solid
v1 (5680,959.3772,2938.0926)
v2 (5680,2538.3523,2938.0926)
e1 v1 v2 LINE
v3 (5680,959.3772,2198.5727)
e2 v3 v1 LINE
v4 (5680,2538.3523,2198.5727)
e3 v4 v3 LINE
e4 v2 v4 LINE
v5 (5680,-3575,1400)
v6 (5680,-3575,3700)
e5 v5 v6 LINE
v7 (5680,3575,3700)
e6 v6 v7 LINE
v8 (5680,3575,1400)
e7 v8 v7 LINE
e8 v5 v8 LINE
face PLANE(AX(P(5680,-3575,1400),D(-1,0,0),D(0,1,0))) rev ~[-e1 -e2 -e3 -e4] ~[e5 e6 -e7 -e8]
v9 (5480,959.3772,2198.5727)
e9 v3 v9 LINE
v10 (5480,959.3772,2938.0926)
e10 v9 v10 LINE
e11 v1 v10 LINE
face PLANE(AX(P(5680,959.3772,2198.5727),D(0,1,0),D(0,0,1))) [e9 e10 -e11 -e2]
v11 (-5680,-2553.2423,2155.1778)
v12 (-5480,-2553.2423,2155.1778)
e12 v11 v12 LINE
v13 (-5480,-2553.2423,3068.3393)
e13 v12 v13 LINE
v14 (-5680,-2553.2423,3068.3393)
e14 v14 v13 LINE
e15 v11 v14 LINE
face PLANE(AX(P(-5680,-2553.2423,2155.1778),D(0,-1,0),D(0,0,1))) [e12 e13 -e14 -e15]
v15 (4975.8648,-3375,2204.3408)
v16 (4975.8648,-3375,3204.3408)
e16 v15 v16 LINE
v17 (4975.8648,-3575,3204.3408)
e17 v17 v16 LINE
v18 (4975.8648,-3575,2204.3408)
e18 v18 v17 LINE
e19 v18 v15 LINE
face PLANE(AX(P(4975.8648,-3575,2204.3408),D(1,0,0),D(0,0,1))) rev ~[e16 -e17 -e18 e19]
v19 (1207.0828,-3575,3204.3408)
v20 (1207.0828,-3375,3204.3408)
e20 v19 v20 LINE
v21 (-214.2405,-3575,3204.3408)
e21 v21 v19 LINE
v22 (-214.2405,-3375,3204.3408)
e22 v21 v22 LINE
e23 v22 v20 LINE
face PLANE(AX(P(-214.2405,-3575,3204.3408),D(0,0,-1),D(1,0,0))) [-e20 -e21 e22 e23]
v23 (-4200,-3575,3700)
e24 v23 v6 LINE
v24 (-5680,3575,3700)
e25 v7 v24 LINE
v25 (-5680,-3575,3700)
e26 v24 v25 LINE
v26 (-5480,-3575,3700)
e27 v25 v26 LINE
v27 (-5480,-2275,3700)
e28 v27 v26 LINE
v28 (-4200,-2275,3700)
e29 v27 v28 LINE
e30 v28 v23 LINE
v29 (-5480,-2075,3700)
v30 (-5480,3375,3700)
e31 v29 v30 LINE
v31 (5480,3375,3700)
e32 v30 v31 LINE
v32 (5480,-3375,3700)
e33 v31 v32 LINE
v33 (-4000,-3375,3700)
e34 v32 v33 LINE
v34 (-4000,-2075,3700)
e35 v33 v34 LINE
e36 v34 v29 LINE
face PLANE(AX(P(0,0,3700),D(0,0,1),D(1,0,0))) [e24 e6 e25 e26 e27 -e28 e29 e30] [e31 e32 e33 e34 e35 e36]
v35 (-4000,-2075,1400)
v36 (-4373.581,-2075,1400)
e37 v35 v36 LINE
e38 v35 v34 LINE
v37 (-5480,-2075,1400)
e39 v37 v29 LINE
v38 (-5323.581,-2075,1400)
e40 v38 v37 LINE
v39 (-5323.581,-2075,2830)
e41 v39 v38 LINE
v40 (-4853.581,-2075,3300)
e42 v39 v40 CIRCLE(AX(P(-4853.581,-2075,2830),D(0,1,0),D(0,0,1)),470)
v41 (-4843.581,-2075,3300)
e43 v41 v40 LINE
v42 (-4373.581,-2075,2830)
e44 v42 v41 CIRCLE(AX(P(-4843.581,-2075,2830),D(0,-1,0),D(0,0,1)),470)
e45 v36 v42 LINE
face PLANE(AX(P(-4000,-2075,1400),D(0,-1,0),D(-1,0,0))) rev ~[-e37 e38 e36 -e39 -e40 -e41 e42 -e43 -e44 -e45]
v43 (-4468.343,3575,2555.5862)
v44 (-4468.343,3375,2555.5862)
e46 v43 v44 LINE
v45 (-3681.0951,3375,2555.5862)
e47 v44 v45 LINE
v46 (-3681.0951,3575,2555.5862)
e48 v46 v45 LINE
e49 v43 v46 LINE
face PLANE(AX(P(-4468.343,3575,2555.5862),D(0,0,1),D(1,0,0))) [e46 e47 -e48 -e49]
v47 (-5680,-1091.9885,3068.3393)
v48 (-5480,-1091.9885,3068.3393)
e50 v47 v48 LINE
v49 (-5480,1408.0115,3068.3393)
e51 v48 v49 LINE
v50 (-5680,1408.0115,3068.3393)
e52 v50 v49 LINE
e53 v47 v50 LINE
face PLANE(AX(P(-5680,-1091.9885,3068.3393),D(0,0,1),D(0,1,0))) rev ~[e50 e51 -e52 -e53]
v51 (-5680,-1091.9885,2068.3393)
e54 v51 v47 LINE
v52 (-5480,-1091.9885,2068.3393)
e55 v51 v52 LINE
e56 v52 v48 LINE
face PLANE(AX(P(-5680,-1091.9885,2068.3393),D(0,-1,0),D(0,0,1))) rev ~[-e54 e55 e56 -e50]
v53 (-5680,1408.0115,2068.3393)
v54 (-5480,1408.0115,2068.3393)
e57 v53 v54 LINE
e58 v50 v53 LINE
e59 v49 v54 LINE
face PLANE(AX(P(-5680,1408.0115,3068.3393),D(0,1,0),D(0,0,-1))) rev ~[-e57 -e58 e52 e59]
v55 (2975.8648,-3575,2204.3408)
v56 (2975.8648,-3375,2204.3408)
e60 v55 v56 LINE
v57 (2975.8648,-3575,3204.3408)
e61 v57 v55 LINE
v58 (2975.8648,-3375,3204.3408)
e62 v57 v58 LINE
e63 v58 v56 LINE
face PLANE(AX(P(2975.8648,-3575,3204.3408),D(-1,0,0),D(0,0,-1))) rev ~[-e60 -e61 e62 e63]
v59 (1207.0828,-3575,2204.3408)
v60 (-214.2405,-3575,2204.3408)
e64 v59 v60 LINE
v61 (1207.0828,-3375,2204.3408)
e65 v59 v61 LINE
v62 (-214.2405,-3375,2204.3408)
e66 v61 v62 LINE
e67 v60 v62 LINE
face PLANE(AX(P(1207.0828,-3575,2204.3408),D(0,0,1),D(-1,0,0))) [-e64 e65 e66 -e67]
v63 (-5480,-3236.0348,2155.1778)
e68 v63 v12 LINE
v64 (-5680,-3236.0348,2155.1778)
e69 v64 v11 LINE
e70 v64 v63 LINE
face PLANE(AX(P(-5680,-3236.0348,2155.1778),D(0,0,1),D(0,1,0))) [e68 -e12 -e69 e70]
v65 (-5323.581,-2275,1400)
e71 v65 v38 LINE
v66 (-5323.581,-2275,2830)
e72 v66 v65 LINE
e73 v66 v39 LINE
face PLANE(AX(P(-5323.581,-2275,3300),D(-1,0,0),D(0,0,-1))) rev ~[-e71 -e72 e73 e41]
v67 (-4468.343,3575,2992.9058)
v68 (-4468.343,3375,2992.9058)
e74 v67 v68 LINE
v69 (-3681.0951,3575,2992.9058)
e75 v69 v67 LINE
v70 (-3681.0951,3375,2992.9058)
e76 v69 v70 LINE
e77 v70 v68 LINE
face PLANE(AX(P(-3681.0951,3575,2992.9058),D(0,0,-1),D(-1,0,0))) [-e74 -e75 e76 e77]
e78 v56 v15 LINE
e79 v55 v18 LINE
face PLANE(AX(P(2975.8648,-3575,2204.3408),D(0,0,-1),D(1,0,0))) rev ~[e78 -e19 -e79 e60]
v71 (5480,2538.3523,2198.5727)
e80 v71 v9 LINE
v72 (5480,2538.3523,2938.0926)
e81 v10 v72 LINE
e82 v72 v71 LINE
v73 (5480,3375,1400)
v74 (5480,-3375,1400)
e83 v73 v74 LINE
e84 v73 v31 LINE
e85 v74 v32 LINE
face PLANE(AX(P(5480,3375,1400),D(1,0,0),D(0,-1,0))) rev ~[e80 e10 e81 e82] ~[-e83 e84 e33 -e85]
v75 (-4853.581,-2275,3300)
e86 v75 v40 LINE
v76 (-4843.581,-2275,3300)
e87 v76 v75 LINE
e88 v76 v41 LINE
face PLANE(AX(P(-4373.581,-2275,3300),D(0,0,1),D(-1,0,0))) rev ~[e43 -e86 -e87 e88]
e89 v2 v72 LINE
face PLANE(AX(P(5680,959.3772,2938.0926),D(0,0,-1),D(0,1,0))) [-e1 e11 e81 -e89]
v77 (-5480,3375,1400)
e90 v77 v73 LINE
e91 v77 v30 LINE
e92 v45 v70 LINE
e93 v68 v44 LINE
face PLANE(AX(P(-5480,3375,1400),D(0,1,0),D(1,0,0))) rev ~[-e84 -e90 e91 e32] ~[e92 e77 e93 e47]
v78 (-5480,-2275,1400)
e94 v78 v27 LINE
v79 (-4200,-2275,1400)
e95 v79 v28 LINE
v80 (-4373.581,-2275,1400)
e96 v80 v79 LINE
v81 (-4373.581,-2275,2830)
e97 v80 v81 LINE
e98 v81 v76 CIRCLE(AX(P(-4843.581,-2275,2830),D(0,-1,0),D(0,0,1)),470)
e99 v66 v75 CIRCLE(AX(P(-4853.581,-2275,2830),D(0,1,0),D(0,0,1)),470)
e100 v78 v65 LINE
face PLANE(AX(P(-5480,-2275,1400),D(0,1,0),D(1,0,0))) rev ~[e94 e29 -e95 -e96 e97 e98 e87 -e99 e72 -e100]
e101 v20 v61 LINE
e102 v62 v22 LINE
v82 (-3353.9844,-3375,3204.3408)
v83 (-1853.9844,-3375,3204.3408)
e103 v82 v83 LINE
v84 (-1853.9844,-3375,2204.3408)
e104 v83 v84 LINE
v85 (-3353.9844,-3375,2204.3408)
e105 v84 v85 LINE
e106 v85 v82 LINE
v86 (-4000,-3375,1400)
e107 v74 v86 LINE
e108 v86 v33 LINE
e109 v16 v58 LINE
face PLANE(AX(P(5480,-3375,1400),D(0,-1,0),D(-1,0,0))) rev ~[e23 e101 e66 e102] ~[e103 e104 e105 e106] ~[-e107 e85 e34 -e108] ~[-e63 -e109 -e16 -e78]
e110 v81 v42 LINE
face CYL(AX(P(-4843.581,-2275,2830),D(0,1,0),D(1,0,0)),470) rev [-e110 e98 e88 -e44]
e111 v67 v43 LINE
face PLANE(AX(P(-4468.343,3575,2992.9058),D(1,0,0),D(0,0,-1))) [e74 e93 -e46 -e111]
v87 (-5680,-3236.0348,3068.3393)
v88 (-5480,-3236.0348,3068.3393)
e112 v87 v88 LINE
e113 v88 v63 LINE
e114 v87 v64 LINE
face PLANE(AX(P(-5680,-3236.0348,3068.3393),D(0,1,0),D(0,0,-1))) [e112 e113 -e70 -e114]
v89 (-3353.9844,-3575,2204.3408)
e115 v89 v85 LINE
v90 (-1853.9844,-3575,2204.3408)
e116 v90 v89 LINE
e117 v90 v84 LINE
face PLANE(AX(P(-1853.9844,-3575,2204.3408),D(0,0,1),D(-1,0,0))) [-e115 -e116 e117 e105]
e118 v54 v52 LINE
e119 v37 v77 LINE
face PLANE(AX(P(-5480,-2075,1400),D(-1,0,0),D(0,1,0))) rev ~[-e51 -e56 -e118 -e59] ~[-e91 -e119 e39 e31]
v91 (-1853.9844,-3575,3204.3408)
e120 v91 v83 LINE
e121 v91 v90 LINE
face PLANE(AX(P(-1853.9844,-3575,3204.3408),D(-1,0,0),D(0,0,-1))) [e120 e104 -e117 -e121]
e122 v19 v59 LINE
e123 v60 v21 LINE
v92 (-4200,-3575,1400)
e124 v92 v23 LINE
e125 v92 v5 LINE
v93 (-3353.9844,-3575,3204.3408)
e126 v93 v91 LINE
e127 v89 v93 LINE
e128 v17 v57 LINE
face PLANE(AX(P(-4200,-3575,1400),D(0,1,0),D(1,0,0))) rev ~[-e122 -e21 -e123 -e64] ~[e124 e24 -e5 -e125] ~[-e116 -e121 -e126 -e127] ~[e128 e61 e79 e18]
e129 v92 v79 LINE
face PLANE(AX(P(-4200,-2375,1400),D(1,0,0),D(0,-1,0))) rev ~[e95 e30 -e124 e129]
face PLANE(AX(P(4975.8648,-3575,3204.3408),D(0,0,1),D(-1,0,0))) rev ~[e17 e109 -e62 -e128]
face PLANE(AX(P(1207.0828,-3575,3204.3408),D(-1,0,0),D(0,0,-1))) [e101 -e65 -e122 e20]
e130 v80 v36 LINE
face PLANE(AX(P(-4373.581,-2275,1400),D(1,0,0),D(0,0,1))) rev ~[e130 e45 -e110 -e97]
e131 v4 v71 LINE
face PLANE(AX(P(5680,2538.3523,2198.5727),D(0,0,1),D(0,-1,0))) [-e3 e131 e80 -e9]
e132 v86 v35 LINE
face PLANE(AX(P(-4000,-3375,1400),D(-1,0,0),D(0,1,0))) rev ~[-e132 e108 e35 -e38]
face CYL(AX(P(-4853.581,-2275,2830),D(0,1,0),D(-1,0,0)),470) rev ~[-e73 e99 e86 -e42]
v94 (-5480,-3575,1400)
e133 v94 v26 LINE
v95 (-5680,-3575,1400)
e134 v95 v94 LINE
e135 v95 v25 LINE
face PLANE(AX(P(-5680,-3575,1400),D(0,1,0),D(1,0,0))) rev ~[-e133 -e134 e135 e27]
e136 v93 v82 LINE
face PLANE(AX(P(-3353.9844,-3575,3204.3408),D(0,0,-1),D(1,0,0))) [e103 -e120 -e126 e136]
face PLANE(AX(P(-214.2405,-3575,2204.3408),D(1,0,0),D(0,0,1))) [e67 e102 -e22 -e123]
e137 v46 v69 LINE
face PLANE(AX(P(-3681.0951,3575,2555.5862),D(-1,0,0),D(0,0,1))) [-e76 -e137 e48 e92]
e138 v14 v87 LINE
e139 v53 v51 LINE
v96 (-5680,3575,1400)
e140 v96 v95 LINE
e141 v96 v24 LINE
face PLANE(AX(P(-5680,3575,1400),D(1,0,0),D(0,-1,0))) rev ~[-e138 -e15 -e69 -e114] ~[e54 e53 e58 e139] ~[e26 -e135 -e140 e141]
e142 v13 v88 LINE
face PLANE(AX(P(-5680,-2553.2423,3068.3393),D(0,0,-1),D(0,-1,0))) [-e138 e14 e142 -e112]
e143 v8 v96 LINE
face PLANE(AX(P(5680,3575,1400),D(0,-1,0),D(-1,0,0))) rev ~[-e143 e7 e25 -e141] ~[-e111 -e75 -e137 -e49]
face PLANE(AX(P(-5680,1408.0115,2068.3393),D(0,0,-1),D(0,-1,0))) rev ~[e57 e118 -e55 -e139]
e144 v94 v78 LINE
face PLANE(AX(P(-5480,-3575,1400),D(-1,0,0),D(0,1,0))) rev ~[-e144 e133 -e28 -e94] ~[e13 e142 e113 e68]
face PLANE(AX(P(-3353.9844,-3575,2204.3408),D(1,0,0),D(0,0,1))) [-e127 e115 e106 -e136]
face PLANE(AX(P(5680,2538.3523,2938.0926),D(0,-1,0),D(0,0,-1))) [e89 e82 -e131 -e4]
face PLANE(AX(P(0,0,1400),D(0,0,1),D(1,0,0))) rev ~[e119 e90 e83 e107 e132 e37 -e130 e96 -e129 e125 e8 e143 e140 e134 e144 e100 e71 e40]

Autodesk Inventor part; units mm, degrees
ref_plane "YZ Plane" through (0, 0, 0) normal (1, 0, 0) x (0, 1, 0)
ref_plane "XZ Plane" through (0, 0, 0) normal (0, 1, 0) x (-1, 0, 0)
ref_plane "XY Plane" through (0, 0, 0) normal (0, 0, 1) x (1, 0, 0)
ref_plane "Arbeitsebene1" through (0, 0, 1400) normal (0, 0, 1) x (1, 0, 0)
sketch "Skizze1" plane through (0, 0, 1400) normal (0, 0, 1) x (1, 0, 0)
  line L0 (-5480, -3575) -> (-5480, -2375) projected
  line L1 (-5480, -2375) -> (-4200, -2375) projected
  line L2 (-4200, -2375) -> (-4200, -3575) projected
  line L3 (-4200, -3575) -> (5680, -3575) projected
  line L4 (5680, -3575) -> (5680, 3575) projected
  line L5 (5680, 3575) -> (-5680, 3575) projected
  line L6 (-5680, 3575) -> (-5680, -3575) projected
  line L7 (-5680, -3575) -> (-5480, -3575) projected
  line L8 (-5680, 3575) -> (-5680, -3575)
  line L9 (-5480, -3575) -> (-5480, -2275)
  line L10 (-5480, -2275) -> (-4200, -2275)
  line L11 (-4200, -2275) -> (-4200, -3575)
  line L12 (5680, -3575) -> (5680, 3575)
  line L13 (-5680, 3575) -> (5680, 3575)
  line L14 (5680, -3575) -> (-4200, -3575)
  line L15 (-5480, 3375) -> (5480, 3375)
  line L16 (5480, 3375) -> (5480, -3375)
  line L17 (5480, -3375) -> (-4000, -3375)
  line L18 (-4000, -3375) -> (-4000, -2075)
  line L19 (-4000, -2075) -> (-5480, -2075)
  line L20 (-5480, -2075) -> (-5480, 3375)
  line L21 (-5680, -3575) -> (-5480, -3575)
  dimension "d1" = 200
  dimension "d2" = 200
  dimension "d3" = 200
  dimension "d4" = 200
  dimension "d5" = 200
  dimension "d6" = 1300
  dimension "d7" = 200
extrude "Extrusion1" add sketch "Skizze1" along normal blind 2300 contours L7 L6 L5 L4 L3 L2 L11 L10 L9 L0
sketch "Skizze2" plane through (-5480, -2275, 1400) normal (0, -1, 0) x (1, 0, 0)
  line L0 (0, 0) -> (1280, 0) projected
  line L1 (1280, 0) -> (1280, 2300) projected
  line L2 (0, 2300) -> (1280, 2300) projected
  line L3 (0, 0) -> (0, 2300) projected
  line L4 (0, 0) -> (1480, 0) projected
  line L5 (156.419, 0) -> (1106.419, 0)
  line L6 (1106.419, 0) -> (1106.419, 1900)
  line L7 (1106.419, 1900) -> (156.419, 1900)
  line L8 (156.419, 1900) -> (156.419, 0)
  dimension "d10" = 950
  dimension "d11" = 1900
extrude "Extrusion2" cut sketch "Skizze2" against normal up to surface (200 mm away) contours L8 L7 L6 L0
sketch "Skizze3" plane through (-4200, -3575, 1400) normal (0, -1, 0) x (1, 0, 0)
  line L0 (0, 0) -> (9880, 0) projected
  line L1 (9880, 0) -> (9880, 2300) projected
  line L2 (0, 2300) -> (9880, 2300) projected
  line L3 (0, 0) -> (0, 2300) projected
  line L4 (9175.8648, 1804.3408) -> (7175.8648, 1804.3408)
  line L5 (7175.8648, 1804.3408) -> (7175.8648, 804.3408)
  line L6 (7175.8648, 804.3408) -> (9175.8648, 804.3408)
  line L7 (9175.8648, 804.3408) -> (9175.8648, 1804.3408)
  line L8 (846.0156, 1804.3408) -> (2346.0156, 1804.3408)
  line L9 (2346.0156, 1804.3408) -> (2346.0156, 804.3408)
  line L10 (2346.0156, 804.3408) -> (846.0156, 804.3408)
  line L11 (846.0156, 804.3408) -> (846.0156, 1804.3408)
  line L12 (3985.7595, 1804.3408) -> (5407.0828, 1804.3408)
  line L13 (5407.0828, 1804.3408) -> (5407.0828, 804.3408)
  line L14 (5407.0828, 804.3408) -> (3985.7595, 804.3408)
  line L15 (3985.7595, 804.3408) -> (3985.7595, 1804.3408)
  dimension "d14" = 1000
  dimension "d15" = 2000
  dimension "d22" = 1500
extrude "Extrusion3" cut sketch "Skizze3" against normal up to surface (200 mm away) contours L7 L6 L5 L4 | L8 L9 L10 L11 | L12 L13 L14 L15
sketch "Skizze4" plane through (-5680, -3575, 1400) normal (-1, 0, 0) x (0, 0, 1)
  line L0 (0, 7150) -> (0, 0) projected
  line L1 (0, 0) -> (2300, 0) projected
  line L2 (2300, 7150) -> (2300, 0) projected
  line L3 (0, 7150) -> (2300, 7150) projected
  line L4 (1668.3393, 4983.0115) -> (668.3393, 4983.0115)
  line L5 (668.3393, 4983.0115) -> (668.3393, 2483.0115)
  line L6 (668.3393, 2483.0115) -> (1668.3393, 2483.0115)
  line L7 (1668.3393, 2483.0115) -> (1668.3393, 4983.0115)
  line L8 (1668.3393, 338.9652) -> (755.1778, 338.9652)
  line L9 (755.1778, 338.9652) -> (755.1778, 1021.7577)
  line L10 (755.1778, 1021.7577) -> (1668.3393, 1021.7577)
  line L11 (1668.3393, 1021.7577) -> (1668.3393, 338.9652)
  dimension "d18" = 2500
  dimension "d19" = 1000
extrude "Extrusion4" cut sketch "Skizze4" against normal up to surface (200 mm away) contours L7 L6 L5 L4 | L8 L9 L10 L11
sketch "Skizze5" plane through (5680, -3575, 1400) normal (1, 0, 0) x (0, 0, -1)
  line L0 (-1538.0926, 6113.3523) -> (-798.5727, 6113.3523)
  line L1 (-798.5727, 6113.3523) -> (-798.5727, 4534.3772)
  line L2 (-798.5727, 4534.3772) -> (-1538.0926, 4534.3772)
  line L3 (-1538.0926, 4534.3772) -> (-1538.0926, 6113.3523)
extrude "Extrusion5" cut sketch "Skizze5" against normal up to surface (200 mm away)
sketch "Skizze6" plane through (-5680, 3575, 1400) normal (0, 1, 0) x (1, 0, 0)
  line L0 (1998.9049, -1592.9058) -> (1211.657, -1592.9058)
  line L1 (1211.657, -1592.9058) -> (1211.657, -1155.5862)
  line L2 (1211.657, -1155.5862) -> (1998.9049, -1155.5862)
  line L3 (1998.9049, -1155.5862) -> (1998.9049, -1592.9058)
extrude "Extrusion6" cut sketch "Skizze6" against normal up to surface (200 mm away)
fillet "Rundung1" radius 470 2 edges at (-5323.581, -2175, 3300) (-4373.581, -2175, 3300)
properties part number "Aussenwand"
